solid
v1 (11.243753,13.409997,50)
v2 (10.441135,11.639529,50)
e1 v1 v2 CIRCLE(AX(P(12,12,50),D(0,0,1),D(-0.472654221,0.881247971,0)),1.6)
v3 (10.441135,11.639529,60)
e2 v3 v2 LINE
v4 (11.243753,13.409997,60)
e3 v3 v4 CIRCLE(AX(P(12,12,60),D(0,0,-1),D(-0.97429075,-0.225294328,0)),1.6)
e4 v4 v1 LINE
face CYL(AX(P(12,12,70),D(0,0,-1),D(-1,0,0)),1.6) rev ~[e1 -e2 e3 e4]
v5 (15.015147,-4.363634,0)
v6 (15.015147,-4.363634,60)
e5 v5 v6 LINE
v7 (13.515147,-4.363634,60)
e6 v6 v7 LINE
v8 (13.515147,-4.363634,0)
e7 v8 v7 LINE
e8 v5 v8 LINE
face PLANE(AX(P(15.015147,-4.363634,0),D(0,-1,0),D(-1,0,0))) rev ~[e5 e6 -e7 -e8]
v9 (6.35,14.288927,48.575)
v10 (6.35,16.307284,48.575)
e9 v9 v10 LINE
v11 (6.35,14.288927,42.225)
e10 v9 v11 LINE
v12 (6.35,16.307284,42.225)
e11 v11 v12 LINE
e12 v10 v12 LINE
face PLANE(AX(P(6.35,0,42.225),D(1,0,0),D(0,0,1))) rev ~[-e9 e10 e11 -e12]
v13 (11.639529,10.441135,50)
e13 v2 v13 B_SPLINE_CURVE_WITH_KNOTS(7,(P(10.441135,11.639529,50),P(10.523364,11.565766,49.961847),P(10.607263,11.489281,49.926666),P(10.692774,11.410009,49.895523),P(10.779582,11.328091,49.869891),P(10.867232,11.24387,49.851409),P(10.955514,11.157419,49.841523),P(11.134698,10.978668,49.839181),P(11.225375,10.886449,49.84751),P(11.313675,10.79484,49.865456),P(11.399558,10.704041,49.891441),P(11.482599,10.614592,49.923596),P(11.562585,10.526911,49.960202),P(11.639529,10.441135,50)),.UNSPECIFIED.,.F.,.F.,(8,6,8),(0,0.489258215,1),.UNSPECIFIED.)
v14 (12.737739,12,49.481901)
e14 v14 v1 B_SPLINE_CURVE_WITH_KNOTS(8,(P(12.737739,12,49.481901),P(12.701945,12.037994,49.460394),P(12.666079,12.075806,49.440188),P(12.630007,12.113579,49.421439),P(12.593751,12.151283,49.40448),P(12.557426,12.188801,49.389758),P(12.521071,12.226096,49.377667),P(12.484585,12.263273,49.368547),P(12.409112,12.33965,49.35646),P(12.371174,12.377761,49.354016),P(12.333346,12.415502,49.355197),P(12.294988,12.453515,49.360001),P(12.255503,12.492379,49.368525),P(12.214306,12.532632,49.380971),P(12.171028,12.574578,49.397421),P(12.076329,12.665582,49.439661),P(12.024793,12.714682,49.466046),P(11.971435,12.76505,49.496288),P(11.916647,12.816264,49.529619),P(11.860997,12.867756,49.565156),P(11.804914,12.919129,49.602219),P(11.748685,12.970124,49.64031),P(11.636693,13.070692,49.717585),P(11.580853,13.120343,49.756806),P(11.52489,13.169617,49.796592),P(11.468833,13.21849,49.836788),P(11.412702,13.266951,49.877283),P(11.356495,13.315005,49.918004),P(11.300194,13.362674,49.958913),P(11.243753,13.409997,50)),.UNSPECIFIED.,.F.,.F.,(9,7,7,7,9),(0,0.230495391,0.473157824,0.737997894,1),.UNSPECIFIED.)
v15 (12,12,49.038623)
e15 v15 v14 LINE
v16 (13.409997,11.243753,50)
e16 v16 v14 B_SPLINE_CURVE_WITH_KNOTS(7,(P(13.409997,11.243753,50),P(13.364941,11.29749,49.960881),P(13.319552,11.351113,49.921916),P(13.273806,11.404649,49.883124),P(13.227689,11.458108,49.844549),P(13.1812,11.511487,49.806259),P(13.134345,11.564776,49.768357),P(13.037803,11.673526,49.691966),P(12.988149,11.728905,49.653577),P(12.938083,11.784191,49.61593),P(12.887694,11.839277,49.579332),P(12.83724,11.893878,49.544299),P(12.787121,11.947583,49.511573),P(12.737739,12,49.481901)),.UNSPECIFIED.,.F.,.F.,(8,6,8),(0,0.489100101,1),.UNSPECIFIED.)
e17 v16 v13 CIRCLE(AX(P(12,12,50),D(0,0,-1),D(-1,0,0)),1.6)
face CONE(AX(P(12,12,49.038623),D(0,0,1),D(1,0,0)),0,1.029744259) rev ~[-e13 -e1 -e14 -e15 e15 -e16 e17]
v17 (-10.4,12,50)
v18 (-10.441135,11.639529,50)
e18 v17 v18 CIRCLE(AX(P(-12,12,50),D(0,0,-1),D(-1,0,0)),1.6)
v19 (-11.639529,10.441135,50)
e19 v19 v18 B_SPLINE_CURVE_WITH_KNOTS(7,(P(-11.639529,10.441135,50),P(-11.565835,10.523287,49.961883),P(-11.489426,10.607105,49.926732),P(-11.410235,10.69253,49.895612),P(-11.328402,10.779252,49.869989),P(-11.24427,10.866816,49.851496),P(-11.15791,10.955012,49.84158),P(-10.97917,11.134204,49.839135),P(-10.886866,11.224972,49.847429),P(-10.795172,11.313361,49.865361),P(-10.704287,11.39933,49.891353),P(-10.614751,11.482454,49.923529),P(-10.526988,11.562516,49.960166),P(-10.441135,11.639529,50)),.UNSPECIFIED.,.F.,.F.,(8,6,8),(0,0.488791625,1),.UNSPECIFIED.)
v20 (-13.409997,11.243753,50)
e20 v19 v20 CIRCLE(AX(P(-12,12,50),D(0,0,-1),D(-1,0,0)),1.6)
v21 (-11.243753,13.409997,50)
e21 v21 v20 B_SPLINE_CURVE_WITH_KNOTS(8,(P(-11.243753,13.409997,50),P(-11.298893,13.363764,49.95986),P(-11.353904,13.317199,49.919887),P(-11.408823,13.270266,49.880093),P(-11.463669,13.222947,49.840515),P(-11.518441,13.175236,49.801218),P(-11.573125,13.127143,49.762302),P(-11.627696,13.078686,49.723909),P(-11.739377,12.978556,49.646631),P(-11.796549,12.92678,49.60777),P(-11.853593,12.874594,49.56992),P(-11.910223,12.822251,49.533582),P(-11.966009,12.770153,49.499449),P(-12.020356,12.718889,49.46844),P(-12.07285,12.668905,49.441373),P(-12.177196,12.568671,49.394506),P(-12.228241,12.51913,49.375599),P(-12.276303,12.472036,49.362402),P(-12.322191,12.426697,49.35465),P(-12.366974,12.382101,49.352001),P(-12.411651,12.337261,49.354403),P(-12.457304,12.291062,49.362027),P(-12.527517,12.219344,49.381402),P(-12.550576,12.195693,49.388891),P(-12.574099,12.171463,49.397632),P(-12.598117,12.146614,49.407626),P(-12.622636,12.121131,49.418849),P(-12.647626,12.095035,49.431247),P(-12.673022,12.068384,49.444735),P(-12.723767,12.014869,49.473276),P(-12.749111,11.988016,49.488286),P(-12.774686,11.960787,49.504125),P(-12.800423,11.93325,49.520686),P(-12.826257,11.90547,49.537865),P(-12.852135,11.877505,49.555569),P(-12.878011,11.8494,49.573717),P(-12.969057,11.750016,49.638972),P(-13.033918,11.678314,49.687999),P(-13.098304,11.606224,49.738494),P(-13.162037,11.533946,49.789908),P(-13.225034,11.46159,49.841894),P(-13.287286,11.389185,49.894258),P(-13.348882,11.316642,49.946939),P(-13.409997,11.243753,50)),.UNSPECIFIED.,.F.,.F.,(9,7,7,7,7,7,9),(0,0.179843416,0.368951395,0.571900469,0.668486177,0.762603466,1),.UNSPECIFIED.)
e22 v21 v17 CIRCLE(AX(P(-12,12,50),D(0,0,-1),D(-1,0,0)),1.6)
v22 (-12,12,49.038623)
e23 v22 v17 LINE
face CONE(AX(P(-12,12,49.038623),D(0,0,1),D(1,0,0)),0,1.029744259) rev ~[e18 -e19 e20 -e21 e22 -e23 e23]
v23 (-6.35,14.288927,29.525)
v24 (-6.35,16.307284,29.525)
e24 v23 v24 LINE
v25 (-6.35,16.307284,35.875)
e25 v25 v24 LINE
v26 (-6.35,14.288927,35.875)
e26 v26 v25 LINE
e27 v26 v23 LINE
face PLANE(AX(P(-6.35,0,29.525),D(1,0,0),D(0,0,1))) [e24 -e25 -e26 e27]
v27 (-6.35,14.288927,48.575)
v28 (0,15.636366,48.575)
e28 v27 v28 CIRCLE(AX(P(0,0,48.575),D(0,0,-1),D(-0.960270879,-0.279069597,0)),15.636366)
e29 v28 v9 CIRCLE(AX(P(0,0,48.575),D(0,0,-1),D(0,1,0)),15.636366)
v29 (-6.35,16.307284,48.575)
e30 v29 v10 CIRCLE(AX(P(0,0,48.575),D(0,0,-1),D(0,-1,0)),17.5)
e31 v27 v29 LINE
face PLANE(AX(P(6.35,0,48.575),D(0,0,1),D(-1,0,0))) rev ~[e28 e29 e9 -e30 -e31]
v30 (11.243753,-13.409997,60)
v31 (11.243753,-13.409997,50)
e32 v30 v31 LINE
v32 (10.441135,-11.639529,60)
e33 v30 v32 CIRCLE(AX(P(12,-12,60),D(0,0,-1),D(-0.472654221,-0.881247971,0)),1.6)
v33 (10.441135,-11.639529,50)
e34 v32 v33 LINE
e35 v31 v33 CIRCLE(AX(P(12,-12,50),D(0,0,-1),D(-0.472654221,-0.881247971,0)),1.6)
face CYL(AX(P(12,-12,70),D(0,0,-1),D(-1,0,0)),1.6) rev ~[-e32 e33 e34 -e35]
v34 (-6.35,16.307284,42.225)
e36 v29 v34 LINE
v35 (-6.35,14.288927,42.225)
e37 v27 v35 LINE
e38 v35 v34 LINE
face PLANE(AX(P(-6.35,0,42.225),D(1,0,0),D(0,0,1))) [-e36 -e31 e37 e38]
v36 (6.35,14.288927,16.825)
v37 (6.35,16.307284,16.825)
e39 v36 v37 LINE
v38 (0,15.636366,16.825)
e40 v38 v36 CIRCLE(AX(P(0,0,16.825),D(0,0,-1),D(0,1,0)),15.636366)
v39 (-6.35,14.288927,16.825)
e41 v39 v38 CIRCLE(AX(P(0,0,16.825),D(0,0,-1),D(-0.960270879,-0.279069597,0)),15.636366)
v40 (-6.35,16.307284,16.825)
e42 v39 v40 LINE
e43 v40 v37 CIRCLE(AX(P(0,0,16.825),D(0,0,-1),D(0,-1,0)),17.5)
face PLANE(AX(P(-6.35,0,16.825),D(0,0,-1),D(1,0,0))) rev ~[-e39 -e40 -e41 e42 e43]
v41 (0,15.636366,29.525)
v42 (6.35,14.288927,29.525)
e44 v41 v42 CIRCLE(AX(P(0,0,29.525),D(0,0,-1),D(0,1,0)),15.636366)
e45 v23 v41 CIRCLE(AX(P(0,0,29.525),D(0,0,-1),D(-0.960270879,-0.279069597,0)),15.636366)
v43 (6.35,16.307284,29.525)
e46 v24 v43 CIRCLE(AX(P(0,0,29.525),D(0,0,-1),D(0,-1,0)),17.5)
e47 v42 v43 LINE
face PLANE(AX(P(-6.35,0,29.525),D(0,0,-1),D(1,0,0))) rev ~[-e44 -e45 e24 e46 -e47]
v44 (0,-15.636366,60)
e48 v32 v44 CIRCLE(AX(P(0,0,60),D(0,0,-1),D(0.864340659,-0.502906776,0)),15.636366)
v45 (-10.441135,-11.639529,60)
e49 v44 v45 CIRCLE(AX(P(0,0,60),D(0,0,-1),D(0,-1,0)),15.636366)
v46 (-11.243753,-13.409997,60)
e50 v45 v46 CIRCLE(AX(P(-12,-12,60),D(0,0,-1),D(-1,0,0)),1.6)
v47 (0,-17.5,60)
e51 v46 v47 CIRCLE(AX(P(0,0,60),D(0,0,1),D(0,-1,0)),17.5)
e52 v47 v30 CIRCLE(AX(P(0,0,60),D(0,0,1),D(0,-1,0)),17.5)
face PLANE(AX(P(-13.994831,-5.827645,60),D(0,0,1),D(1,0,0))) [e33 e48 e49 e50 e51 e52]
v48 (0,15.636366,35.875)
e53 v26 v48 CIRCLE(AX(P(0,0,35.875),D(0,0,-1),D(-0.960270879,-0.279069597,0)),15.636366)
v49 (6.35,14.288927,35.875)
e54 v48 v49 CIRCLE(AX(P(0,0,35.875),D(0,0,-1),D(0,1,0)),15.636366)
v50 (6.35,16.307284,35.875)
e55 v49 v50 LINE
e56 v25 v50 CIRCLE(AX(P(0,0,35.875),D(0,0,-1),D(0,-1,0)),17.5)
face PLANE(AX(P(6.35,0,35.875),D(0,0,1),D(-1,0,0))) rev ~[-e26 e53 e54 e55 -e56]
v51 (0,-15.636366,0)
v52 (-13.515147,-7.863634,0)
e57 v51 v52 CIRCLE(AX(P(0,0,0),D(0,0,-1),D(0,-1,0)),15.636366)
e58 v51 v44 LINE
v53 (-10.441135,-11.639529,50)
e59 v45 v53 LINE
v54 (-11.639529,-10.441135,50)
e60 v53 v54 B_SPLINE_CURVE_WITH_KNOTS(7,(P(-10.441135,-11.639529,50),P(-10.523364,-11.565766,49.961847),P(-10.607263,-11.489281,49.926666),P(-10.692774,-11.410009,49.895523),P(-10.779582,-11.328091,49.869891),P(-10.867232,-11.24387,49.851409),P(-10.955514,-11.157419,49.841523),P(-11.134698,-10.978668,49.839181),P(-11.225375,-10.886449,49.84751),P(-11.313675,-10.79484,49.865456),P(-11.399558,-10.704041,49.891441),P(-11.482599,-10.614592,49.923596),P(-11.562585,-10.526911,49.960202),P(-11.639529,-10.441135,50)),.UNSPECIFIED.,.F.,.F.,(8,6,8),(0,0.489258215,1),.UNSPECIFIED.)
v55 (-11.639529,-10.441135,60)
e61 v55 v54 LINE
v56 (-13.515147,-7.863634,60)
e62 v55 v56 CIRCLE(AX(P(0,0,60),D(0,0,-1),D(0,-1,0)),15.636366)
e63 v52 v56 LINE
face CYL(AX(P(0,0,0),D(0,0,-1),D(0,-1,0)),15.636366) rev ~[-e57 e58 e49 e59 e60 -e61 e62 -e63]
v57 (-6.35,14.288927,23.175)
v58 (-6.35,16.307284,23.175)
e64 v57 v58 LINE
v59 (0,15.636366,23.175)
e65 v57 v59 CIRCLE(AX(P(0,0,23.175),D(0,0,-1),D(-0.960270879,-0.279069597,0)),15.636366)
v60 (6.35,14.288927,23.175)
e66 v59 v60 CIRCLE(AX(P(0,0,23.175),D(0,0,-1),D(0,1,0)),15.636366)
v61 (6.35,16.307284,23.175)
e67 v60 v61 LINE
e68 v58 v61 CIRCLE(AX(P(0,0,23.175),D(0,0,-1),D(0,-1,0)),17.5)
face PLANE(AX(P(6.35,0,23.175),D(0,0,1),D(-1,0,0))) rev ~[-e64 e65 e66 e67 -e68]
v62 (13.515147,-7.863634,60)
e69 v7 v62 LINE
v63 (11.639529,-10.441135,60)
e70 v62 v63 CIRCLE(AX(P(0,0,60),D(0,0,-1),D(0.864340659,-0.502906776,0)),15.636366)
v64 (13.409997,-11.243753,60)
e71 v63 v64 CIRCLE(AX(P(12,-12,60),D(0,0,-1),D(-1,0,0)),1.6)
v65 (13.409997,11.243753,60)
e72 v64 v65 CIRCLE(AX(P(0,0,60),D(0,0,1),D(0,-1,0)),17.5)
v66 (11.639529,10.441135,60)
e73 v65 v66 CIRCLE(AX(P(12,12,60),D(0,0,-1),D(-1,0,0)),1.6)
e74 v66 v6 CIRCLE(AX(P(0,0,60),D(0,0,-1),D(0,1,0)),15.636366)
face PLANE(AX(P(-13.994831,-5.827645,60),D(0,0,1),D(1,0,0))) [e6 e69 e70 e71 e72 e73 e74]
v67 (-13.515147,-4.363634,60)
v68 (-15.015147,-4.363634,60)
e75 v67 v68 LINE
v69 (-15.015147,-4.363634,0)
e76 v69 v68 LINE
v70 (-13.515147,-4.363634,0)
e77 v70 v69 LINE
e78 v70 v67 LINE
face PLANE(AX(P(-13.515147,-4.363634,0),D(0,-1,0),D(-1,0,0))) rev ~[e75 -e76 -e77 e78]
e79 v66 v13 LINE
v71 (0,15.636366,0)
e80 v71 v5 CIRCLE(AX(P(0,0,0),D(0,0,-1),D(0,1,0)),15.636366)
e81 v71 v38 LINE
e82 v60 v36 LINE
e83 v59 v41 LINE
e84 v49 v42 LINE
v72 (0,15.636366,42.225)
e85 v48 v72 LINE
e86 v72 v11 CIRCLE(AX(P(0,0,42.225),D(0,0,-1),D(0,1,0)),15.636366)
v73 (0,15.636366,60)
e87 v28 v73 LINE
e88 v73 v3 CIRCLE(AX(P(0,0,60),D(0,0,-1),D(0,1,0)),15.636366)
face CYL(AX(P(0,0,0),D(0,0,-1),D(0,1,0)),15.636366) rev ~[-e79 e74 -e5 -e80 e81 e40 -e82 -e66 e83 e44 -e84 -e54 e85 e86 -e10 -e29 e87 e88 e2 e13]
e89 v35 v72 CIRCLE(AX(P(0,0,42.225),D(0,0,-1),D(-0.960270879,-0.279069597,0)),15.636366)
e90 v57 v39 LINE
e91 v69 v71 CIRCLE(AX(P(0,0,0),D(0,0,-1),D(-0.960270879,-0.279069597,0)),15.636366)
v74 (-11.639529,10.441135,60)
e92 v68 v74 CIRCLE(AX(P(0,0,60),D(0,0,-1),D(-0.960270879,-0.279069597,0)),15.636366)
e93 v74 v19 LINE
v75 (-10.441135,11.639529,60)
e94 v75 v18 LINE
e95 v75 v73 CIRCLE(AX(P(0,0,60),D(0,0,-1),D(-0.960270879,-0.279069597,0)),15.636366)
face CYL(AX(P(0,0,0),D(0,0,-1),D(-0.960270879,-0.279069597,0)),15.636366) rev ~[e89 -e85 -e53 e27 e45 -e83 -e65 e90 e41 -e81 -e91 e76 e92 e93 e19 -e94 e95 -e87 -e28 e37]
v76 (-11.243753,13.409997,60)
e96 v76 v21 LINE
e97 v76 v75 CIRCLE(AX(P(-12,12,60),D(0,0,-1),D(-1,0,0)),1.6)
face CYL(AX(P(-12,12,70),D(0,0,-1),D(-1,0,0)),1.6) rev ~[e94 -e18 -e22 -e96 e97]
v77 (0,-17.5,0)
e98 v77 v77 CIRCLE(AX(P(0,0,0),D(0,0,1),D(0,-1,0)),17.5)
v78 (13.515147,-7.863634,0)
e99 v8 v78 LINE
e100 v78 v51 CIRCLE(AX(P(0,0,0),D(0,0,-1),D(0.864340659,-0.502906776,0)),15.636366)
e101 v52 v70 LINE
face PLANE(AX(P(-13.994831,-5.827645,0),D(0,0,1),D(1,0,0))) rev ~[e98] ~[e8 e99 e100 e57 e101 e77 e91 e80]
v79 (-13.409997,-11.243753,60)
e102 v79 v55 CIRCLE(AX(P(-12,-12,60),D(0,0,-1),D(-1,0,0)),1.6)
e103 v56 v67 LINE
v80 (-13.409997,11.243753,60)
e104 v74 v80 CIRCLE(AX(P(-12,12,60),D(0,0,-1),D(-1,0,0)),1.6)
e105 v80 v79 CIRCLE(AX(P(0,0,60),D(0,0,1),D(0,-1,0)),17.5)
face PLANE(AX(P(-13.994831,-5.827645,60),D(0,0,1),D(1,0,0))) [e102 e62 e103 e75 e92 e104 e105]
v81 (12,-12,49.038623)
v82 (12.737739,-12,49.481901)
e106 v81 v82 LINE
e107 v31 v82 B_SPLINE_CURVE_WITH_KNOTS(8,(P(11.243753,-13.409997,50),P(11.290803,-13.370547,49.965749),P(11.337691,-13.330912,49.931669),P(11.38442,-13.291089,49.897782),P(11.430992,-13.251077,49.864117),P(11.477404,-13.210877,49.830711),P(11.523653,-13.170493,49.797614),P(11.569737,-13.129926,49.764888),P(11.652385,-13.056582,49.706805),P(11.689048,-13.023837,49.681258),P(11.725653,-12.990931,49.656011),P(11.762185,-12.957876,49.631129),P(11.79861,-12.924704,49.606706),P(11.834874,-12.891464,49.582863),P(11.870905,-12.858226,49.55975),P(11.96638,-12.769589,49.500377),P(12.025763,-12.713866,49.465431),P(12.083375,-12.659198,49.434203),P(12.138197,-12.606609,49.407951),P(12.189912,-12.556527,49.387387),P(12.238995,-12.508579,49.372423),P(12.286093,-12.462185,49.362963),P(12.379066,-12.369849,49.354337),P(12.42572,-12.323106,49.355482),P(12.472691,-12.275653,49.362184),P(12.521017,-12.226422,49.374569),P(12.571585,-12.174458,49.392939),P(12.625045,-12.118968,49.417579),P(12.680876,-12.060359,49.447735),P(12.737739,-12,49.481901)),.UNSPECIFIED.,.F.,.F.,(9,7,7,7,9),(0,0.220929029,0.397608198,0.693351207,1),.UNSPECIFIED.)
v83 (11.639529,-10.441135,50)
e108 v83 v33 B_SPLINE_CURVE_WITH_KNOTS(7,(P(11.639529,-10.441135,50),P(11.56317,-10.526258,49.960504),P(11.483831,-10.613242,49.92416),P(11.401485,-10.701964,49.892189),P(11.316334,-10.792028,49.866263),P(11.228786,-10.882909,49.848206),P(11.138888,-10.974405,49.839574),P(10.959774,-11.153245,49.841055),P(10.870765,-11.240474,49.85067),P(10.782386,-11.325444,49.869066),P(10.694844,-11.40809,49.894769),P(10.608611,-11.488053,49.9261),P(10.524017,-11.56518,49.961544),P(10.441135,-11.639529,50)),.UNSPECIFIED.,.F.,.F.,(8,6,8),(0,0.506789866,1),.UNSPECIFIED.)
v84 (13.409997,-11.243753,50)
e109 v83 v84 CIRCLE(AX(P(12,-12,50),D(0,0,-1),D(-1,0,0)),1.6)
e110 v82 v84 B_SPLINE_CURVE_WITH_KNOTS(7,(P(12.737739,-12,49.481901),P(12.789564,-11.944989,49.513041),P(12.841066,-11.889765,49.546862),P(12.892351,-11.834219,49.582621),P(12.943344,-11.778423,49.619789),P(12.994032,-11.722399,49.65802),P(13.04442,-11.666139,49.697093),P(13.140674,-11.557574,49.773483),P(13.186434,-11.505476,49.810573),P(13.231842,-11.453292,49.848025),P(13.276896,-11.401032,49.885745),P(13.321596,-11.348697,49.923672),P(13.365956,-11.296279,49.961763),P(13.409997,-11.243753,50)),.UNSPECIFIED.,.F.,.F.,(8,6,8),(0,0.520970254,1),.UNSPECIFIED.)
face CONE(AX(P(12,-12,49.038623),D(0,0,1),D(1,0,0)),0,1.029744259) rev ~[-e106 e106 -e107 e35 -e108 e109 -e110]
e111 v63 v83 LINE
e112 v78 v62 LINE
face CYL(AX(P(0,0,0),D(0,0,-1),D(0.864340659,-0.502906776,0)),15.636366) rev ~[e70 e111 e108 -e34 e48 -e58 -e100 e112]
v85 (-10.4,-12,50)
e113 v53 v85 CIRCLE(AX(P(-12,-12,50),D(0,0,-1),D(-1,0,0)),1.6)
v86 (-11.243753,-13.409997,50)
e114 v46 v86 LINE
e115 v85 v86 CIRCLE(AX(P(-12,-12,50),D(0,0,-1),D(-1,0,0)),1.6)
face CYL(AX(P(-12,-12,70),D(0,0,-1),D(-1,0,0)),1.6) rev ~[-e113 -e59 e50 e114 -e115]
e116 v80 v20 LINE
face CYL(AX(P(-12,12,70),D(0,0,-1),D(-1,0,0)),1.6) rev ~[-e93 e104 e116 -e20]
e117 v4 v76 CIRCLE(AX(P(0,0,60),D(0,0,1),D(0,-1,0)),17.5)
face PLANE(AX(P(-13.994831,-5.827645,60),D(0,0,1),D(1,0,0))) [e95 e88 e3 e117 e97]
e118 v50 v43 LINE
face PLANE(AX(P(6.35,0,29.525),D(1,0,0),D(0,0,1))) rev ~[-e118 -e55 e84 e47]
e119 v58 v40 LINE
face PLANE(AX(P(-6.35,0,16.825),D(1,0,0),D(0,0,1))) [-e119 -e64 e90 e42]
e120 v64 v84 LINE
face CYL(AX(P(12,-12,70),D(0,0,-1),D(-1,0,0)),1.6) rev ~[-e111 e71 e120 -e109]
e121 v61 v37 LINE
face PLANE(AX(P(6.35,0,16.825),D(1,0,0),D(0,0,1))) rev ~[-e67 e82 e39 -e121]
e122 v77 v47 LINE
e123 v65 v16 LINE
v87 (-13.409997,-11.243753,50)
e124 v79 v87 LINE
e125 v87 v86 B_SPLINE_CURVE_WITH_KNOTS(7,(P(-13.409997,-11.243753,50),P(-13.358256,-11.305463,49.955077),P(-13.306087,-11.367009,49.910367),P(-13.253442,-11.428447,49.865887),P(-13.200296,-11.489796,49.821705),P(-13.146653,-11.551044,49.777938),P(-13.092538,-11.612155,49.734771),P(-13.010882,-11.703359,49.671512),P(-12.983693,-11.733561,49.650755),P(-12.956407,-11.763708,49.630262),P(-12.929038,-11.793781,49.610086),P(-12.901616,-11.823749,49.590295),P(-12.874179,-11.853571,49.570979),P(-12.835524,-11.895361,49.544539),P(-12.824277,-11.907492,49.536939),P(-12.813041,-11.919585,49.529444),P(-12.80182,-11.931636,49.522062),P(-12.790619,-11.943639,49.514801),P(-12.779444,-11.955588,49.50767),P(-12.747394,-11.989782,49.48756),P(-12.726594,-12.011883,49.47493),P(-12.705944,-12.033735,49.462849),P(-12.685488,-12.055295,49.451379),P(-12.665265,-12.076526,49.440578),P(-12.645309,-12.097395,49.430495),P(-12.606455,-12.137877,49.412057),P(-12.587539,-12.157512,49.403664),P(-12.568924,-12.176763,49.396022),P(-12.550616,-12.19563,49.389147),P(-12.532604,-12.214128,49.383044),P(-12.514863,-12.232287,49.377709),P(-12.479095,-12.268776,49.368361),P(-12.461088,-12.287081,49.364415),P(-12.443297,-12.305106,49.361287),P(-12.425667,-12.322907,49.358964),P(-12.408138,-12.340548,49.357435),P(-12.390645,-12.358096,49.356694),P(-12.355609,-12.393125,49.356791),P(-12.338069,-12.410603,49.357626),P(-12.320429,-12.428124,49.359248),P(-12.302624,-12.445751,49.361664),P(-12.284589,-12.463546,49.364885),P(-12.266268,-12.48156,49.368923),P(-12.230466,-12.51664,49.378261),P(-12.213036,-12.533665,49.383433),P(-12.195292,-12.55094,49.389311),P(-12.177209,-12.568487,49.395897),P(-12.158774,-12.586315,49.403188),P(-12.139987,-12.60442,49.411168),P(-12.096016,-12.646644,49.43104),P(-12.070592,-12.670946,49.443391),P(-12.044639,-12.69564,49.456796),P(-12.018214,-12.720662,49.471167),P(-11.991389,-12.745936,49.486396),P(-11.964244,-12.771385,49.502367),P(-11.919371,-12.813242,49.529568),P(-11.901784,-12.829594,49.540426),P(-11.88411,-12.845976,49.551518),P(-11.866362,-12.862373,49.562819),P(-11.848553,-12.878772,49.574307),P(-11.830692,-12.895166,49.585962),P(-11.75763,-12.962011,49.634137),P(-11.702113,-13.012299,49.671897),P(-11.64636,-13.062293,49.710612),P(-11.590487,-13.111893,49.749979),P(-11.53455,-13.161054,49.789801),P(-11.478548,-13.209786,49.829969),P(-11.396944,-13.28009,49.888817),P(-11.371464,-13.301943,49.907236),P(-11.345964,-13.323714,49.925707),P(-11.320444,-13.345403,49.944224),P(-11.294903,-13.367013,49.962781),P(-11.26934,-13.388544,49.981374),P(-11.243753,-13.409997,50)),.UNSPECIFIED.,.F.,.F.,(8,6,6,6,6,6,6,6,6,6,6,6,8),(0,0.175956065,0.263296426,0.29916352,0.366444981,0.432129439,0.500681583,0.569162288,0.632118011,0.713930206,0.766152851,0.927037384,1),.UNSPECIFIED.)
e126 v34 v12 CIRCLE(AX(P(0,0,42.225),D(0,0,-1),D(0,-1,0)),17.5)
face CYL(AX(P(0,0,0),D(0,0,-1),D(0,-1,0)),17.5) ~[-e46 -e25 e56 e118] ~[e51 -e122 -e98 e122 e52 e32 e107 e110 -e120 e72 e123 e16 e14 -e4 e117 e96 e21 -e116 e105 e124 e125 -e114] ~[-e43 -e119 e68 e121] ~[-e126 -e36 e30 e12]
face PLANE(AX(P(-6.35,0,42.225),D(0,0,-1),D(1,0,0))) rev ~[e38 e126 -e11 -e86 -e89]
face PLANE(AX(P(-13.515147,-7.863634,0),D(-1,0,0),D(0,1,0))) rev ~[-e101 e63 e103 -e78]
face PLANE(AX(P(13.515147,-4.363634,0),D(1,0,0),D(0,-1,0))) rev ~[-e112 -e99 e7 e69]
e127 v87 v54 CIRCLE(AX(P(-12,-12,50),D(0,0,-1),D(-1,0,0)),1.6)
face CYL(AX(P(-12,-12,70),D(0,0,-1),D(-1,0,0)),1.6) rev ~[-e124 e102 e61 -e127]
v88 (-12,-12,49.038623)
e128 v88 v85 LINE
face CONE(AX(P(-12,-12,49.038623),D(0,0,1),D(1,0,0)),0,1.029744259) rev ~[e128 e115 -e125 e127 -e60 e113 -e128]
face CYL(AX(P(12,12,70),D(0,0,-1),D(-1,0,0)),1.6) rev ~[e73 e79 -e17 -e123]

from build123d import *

# Parameters (mm, degrees)
F1_DEPTH = 60
F2_DEPTH = 60
F4_D     = 3.2
F4_DEPTH = 10
F4_TIP   = 0.9613769904
F5_W     = 6.35
F5_H     = 6.35
F6_DEPTH = 25


with BuildPart() as f1:
    # F0 (on Top) → F1 (new body)
    with BuildSketch(Plane.XY):
        with BuildLine():
            ThreePointArc((-15.0151466486, -4.363634278), (-12.5045454624, 9.3878791946), (0, 15.636365722))
            Line((0, 15.636365722), (0, 17.5))
            ThreePointArc((0, 17.5), (-17.5, 0), (0, -17.5))
            Line((0, -17.5), (0, -15.636365722))
            ThreePointArc((0, -15.636365722), (-7.7954240269, -13.5546042817), (-13.5151466486, -7.863634278))
            ThreePointArc((-13.5151466486, -7.863634278), (-14.3720878409, -6.1594662175), (-15.0151466486, -4.363634278))
        make_face()
        with BuildLine():
            Line((0, 17.5), (0, 15.636365722))
            ThreePointArc((0, 15.636365722), (12.5045454624, 9.3878791946), (15.0151466486, -4.363634278))
            ThreePointArc((15.0151466486, -4.363634278), (14.3720878409, -6.1594662175), (13.5151466486, -7.863634278))
            ThreePointArc((13.5151466486, -7.863634278), (7.7954240269, -13.5546042817), (0, -15.636365722))
            Line((0, -15.636365722), (0, -17.5))
            ThreePointArc((0, -17.5), (17.5, 0), (0, 17.5))
        make_face()
    extrude(amount=F1_DEPTH)

    # F0 (on Top) → F2 (join)
    with BuildSketch(Plane.XY):
        with BuildLine():
            Line((-13.5151466486, -4.363634278), (-15.0151466486, -4.363634278))
            ThreePointArc((-15.0151466486, -4.363634278), (-14.3720878409, -6.1594662175), (-13.5151466486, -7.863634278))
            Line((-13.5151466486, -7.863634278), (-13.5151466486, -4.363634278))
        make_face()
        with BuildLine():
            ThreePointArc((13.5151466486, -7.863634278), (14.3720878409, -6.1594662175), (15.0151466486, -4.363634278))
            Line((15.0151466486, -4.363634278), (13.5151466486, -4.363634278))
            Line((13.5151466486, -4.363634278), (13.5151466486, -7.863634278))
        make_face()
    extrude(amount=F2_DEPTH)

    # F4
    with Locations(Plane.XY.offset(60)):
        with Locations((12, 12), (-12, 12), (-12, -12), (12, -12)):
            Hole(F4_D / 2, depth=F4_DEPTH)
            with Locations((0, 0, -(F4_DEPTH + F4_TIP / 2))):  # 118° drill point
                Cone(0, F4_D / 2, F4_TIP, mode=Mode.SUBTRACT)

    # F5 (on Front) → F6 (cut)
    with BuildSketch(Plane.XZ):
        with Locations((-3.175, 20)):
            Rectangle(F5_W, F5_H)
        with Locations((3.175, 20)):
            Rectangle(F5_W, F5_H)
        with Locations((-3.175, 45.4)):
            Rectangle(F5_W, F5_H)
        with Locations((3.175, 45.4)):
            Rectangle(F5_W, F5_H)
        with Locations((-3.175, 32.7)):
            Rectangle(F5_W, F5_H)
        with Locations((3.175, 32.7)):
            Rectangle(F5_W, F5_H)
    extrude(amount=-F6_DEPTH, mode=Mode.SUBTRACT)


solid = f1.part
